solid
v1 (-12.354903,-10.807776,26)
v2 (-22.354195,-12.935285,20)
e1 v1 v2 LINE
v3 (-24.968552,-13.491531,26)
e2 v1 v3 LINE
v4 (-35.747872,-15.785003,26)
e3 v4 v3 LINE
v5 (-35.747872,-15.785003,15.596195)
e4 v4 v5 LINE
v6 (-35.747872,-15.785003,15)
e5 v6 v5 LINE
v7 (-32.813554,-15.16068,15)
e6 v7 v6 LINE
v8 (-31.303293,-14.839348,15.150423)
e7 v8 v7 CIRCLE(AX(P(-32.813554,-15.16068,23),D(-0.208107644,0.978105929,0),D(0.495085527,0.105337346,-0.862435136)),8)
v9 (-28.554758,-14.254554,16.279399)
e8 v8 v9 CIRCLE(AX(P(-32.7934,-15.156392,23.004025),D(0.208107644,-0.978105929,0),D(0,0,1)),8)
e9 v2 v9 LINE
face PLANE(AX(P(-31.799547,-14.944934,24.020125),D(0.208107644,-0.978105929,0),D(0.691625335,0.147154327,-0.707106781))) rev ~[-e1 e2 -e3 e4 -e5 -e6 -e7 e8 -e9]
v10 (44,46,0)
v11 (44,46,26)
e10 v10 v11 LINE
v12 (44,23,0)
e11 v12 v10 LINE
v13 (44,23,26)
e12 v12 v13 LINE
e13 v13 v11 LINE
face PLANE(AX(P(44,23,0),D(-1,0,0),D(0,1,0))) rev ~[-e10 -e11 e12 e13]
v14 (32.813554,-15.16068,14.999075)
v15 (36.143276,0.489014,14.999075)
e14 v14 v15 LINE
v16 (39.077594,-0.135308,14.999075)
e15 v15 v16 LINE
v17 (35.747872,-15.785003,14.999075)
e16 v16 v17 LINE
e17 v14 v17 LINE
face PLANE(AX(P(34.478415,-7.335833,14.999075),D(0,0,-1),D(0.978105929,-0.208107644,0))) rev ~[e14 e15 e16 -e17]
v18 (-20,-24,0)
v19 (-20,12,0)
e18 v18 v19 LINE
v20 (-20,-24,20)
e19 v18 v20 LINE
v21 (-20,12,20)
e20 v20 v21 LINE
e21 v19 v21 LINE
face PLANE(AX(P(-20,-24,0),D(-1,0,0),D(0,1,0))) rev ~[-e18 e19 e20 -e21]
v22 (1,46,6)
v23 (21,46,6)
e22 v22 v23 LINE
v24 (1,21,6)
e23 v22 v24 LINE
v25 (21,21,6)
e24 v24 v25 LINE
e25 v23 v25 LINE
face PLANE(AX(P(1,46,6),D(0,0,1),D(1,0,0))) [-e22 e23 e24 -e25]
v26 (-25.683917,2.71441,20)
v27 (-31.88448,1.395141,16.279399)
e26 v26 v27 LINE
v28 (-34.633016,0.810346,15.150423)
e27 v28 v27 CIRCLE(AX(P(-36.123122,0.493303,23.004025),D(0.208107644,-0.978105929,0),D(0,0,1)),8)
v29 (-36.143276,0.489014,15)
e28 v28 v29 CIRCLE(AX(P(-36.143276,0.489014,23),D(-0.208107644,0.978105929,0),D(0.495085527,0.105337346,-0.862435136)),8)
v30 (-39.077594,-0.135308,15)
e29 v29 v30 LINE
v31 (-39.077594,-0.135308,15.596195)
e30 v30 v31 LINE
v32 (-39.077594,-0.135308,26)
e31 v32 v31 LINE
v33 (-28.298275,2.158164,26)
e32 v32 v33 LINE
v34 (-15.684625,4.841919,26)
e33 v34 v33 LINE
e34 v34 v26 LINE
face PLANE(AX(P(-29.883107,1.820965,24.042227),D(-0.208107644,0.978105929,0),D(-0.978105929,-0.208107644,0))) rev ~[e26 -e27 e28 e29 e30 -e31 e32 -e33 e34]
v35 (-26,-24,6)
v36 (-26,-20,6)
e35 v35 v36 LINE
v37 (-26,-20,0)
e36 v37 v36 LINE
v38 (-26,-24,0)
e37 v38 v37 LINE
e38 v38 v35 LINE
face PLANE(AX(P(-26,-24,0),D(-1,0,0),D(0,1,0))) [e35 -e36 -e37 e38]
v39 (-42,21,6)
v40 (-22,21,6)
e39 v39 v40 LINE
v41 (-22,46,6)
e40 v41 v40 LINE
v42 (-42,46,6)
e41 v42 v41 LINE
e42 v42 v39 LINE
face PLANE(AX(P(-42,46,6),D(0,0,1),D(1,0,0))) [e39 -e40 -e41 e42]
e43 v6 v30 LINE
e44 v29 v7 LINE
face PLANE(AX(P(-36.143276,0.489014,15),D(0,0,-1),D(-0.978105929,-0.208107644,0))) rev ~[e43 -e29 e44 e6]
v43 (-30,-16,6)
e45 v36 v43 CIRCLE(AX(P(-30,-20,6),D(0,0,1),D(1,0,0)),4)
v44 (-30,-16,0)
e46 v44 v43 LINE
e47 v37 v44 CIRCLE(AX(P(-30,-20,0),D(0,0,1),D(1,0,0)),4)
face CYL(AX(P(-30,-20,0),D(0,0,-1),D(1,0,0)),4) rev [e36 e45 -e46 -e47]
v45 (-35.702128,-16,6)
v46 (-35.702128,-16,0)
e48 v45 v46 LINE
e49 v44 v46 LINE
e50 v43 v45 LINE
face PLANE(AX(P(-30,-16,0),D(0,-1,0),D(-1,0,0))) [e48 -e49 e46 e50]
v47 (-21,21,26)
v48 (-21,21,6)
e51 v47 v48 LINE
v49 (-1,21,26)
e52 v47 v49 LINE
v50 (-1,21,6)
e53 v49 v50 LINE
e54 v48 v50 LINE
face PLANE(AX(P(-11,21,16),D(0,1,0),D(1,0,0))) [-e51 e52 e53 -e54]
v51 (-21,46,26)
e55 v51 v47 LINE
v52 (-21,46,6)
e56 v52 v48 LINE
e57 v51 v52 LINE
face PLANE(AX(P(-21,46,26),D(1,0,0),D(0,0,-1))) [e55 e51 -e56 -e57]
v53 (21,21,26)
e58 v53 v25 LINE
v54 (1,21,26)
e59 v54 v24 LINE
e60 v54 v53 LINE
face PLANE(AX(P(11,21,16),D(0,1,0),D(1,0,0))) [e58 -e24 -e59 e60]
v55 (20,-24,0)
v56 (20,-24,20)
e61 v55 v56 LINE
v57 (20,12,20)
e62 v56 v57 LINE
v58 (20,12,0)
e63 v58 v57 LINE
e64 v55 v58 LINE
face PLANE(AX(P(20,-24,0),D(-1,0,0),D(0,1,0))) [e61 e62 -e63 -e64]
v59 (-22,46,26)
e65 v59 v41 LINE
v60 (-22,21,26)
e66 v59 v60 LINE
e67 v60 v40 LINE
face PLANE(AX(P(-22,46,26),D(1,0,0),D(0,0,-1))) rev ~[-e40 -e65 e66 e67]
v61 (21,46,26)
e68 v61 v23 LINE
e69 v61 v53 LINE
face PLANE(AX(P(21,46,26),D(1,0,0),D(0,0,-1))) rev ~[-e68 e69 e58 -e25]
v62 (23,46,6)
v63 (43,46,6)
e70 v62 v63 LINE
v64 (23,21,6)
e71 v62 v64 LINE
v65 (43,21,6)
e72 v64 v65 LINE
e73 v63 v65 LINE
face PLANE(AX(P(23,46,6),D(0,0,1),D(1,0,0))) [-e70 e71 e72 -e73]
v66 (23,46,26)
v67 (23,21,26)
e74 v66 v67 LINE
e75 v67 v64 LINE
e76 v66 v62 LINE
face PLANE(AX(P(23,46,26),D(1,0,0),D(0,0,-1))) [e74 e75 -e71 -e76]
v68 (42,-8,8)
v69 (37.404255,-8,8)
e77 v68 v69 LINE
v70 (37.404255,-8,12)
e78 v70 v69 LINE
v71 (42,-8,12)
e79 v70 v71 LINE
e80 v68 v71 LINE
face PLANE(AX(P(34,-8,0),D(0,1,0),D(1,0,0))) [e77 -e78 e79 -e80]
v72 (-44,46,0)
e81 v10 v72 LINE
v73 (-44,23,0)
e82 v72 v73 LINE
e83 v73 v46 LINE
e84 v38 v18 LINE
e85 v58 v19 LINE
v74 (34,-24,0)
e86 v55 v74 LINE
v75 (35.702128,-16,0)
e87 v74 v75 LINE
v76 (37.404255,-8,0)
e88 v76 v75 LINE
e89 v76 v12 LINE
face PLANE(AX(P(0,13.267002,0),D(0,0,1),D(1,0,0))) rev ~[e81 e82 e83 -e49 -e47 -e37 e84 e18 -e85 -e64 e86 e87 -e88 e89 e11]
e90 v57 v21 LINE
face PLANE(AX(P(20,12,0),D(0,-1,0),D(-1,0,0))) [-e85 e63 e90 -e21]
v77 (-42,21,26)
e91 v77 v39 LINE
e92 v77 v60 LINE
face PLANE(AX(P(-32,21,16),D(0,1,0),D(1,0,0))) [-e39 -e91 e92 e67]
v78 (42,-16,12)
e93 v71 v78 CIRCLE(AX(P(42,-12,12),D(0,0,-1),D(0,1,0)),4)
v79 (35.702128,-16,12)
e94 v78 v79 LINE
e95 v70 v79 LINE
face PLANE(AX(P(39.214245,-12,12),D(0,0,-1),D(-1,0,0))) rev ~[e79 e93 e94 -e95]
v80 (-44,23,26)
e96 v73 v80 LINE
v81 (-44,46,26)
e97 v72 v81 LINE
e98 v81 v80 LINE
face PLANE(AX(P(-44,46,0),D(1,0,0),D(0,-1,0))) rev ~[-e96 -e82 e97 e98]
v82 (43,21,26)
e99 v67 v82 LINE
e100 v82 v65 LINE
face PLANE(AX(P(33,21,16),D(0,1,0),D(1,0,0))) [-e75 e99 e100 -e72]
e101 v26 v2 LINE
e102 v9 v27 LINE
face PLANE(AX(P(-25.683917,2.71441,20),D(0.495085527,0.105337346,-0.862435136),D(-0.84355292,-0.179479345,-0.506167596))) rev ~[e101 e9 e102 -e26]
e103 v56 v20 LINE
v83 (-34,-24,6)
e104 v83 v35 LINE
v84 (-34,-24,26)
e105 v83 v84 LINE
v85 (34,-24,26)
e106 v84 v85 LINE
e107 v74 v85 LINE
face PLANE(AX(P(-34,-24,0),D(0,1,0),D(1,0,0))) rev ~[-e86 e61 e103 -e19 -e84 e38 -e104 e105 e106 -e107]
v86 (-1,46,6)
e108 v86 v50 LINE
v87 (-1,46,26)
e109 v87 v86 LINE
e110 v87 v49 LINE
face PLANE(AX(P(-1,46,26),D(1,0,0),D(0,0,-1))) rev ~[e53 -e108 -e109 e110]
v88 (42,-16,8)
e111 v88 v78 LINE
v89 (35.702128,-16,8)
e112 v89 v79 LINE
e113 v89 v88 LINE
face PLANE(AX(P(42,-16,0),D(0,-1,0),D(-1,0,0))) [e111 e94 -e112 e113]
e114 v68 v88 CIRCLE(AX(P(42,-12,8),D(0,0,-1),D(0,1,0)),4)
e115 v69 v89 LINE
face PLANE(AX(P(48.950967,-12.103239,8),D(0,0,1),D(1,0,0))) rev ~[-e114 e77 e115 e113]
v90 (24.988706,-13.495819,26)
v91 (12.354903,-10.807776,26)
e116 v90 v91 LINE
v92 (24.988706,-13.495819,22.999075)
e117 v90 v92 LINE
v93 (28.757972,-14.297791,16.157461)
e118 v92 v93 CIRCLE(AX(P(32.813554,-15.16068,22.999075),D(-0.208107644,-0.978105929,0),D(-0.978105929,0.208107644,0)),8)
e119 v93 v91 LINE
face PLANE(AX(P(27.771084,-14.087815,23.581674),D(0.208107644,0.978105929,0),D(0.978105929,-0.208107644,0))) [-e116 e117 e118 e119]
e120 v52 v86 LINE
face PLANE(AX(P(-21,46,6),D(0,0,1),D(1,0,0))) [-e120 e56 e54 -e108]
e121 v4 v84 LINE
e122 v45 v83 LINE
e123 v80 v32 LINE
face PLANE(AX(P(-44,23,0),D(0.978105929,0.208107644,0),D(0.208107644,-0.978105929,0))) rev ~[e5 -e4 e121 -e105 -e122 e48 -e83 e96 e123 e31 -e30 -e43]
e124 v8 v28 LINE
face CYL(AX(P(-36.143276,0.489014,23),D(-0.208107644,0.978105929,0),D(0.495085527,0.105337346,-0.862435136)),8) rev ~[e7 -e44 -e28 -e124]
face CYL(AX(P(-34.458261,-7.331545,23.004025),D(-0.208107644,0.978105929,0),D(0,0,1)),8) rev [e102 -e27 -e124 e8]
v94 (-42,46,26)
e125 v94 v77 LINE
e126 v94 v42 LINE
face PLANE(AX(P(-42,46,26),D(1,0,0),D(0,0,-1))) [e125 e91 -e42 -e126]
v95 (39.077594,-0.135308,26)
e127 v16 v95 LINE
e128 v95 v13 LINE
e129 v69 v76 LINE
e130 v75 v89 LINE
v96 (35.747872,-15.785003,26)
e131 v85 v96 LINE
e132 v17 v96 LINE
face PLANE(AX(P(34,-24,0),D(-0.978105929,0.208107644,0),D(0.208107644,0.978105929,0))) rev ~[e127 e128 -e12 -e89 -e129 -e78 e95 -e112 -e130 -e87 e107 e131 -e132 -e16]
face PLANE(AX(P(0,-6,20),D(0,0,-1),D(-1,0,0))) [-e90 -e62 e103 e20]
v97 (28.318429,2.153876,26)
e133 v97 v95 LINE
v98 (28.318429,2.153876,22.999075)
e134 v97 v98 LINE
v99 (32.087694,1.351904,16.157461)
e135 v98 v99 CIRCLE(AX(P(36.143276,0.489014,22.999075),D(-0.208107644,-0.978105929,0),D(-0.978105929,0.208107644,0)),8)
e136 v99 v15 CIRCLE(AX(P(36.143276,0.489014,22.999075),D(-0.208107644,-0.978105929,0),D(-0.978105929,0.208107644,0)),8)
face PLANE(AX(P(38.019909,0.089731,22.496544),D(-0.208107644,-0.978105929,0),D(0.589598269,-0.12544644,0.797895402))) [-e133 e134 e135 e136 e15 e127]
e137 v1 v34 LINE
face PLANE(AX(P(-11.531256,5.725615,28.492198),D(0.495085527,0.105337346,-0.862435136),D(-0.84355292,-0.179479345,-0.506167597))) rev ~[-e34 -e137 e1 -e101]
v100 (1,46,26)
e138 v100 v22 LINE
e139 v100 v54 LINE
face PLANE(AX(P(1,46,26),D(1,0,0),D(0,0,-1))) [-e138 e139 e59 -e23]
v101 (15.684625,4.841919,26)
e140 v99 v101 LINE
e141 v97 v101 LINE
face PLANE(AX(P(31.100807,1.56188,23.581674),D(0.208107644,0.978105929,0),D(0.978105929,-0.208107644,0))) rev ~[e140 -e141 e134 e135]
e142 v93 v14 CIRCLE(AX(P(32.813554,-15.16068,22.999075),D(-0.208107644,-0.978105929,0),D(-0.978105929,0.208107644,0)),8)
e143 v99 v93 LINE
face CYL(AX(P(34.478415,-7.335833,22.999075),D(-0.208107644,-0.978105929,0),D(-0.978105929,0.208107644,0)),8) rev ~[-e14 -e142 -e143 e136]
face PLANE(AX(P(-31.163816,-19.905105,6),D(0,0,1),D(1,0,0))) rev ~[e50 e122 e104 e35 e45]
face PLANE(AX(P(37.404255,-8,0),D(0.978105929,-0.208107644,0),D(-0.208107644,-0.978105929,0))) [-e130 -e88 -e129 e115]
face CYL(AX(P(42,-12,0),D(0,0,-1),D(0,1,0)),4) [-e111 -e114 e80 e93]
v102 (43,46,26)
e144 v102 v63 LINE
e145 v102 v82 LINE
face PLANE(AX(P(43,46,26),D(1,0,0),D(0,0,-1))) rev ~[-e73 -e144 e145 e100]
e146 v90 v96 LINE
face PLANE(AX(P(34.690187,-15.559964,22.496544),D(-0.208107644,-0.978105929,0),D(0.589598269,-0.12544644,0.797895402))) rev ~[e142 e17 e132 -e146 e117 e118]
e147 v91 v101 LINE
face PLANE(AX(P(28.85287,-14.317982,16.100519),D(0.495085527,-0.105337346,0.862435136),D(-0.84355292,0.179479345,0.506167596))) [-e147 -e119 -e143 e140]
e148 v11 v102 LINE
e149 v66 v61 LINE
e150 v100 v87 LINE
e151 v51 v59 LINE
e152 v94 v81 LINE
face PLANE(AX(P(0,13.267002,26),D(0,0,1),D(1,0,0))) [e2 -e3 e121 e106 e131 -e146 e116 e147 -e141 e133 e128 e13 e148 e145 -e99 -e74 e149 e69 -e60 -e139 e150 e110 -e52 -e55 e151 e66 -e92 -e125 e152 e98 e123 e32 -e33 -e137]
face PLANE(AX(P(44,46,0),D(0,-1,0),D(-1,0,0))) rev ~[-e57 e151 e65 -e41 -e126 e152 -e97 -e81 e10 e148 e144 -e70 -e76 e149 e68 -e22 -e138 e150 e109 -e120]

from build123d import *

# Parameters (mm, degrees)
EXTRUDE_1_DEPTH      = 26
SKETCH_3_W           = 40
SKETCH_3_H           = 36
CUT_EXTRUDE_4_DEPTH  = 20
SKETCH_4_W           = 20
SKETCH_4_H           = 20
CUT_EXTRUDE_5_DEPTH  = 25
CUT_EXTRUDE_3_DEPTH  = 8
CUT_EXTRUDE_6_DEPTH  = 8
CUT_EXTRUDE_7_DEPTH  = 16
CUT_EXTRUDE_8_DEPTH  = 16
CUT_EXTRUDE_9_DEPTH  = 6
EXTRUDE_2_DEPTH      = 12
CUT_EXTRUDE_10_DEPTH = 8


with BuildPart() as part:
    # 草图1 → 凸台-拉伸1 (new body)
    with BuildSketch(Plane.XY):
        Polygon((-34, -24), (34, -24), (44, 23), (44, 46), (-44, 46), (-44, 23), align=None)
    extrude(amount=EXTRUDE_1_DEPTH)

    # 草图3 → 切除-拉伸4 (cut)
    with BuildSketch(Plane(origin=(0, 0, 0), x_dir=(-1, 0, 0), z_dir=(0, 0, -1))):
        with Locations((0, -6)):
            Rectangle(SKETCH_3_W, SKETCH_3_H)
    extrude(amount=-CUT_EXTRUDE_4_DEPTH, mode=Mode.SUBTRACT)

    # 草图4 → 切除-拉伸5 (cut)
    with BuildSketch(Plane(origin=(0, 46, 0), x_dir=(1, 0, 0), z_dir=(0, 1, 0))):
        with Locations((33, -16)):
            Rectangle(SKETCH_4_W, SKETCH_4_H)
        with Locations((11, -16)):
            Rectangle(SKETCH_4_W, SKETCH_4_H)
        with Locations((-11, -16)):
            Rectangle(SKETCH_4_W, SKETCH_4_H)
        with Locations((-32, -16)):
            Rectangle(SKETCH_4_W, SKETCH_4_H)
    extrude(amount=-CUT_EXTRUDE_5_DEPTH, mode=Mode.SUBTRACT)

    # Sketch 3D_5 → 切除-拉伸3 (cut, symmetric)
    with BuildSketch(Plane(origin=(-26.633413551, -5.666683734, 23.004025099), x_dir=(-0.691625335103945, -0.14715432661786076, 0.7071067811865475), z_dir=(-0.2081076444648591, 0.9781059289848354, 0))):
        with BuildLine():
            Line((0, 0), (5.656854249, 5.656854249))
            Line((5.656854249, 5.656854249), (11.313708499, 0))
            ThreePointArc((11.313708499, 0), (5.656854249, -13.656854249), (0, 0))
        make_face()
    extrude(amount=CUT_EXTRUDE_3_DEPTH, both=True, mode=Mode.SUBTRACT)

    # Sketch 3D_6 → 切除-拉伸6 (cut, symmetric)
    with BuildSketch(Plane(origin=(34.478414998, -7.335832978, 14.99907516), x_dir=(0.5895982688198705, -0.12544644017993214, 0.7978954016979886), z_dir=(-0.20810764446495697, -0.9781059289848145, -6.6559639472978385e-12))):
        with BuildLine():
            Line((0, 0), (6.376045072, -8.439700449))
            Line((6.376045072, -8.439700449), (17.547318622, 0))
            Line((17.547318622, 0), (11.17127355, 8.439700449))
            Line((11.17127355, 8.439700449), (6.348906145, 14.822863662))
            Line((6.348906145, 14.822863662), (1.560795809, 11.205530619))
            ThreePointArc((1.560795809, 11.205530619), (-1.540343474, 5.926016705), (0, 0))
        make_face()
    extrude(amount=CUT_EXTRUDE_6_DEPTH, both=True, mode=Mode.SUBTRACT)

    # 草图7 → 切除-拉伸7 (cut)
    with BuildSketch(Plane(origin=(-1.664861156, 7.824847432, 0), x_dir=(0.9781059289848355, 0.2081076444648587, 0), z_dir=(0.2081076444648587, -0.9781059289848355, 0))):
        with BuildLine():
            Line((-24.556702047, 20), (-31.200844281, 16.10051891))
            ThreePointArc((-31.200844281, 16.10051891), (-33.152072653, 15.280030806), (-35.250185053, 15))
            Line((-35.250185053, 15), (-43.250185053, 15))
            Line((-43.250185053, 15), (-43.250185053, 23))
            ThreePointArc((-43.250185053, 23), (-40.3181561, 29.189965223), (-33.671267687, 30.842641134))
            Line((-33.671267687, 30.842641134), (-10.087245225, 28.492198282))
            Line((-10.087245225, 28.492198282), (-24.556702047, 20))
        make_face()
    extrude(amount=CUT_EXTRUDE_7_DEPTH, mode=Mode.SUBTRACT)

    # 草图11 → 切除-拉伸8 (cut)
    with BuildSketch(Plane(origin=(-1.664861156, -7.824847432, 0), x_dir=(0.9781059289845859, -0.2081076444660318, -1.1269708570671002e-12), z_dir=(0.20810764446603178, 0.9781059289845858, 5.296763028184159e-12))):
        with BuildLine():
            Line((31.200844283, -16.100518909), (14.333584528, -26))
            Line((14.333584528, -26), (32.666556858, -30.571318601))
            ThreePointArc((32.666556858, -30.571318601), (42.196349228, -26.968728166), (40.460809076, -16.92962956))
            Line((40.460809076, -16.92962956), (38.250185053, -14.99907516))
            Line((38.250185053, -14.99907516), (35.250185053, -15))
            ThreePointArc((35.250185053, -15), (33.152072655, -15.280030806), (31.200844283, -16.100518909))
        make_face()
    extrude(amount=CUT_EXTRUDE_8_DEPTH, mode=Mode.SUBTRACT)

    # 草图12 → 切除-拉伸9 (cut)
    with BuildSketch(Plane(origin=(0, 0, 0), x_dir=(-1, 0, 0), z_dir=(0, 0, -1))):
        with BuildLine():
            Line((34, -16), (36.935033059, -16))
            Line((36.935033059, -16), (34, -24))
            Line((34, -24), (26, -24))
            Line((26, -24), (26, -20))
            ThreePointArc((26, -20), (27.171572875, -17.171572875), (30, -16))
            Line((30, -16), (34, -16))
        make_face()
    extrude(amount=-CUT_EXTRUDE_9_DEPTH, mode=Mode.SUBTRACT)

    # 草图13 → 凸台-拉伸2 (add)
    with BuildSketch(Plane(origin=(0, 0, 0), x_dir=(-1, 0, 0), z_dir=(0, 0, -1))):
        with BuildLine():
            Line((-34, -8), (-42, -8))
            ThreePointArc((-42, -8), (-46, -12), (-42, -16))
            Line((-42, -16), (-34, -16))
            Line((-34, -16), (-34, -8))
        make_face()
    extrude(amount=-EXTRUDE_2_DEPTH)

    # 草图14 → 切除-拉伸10 (cut)
    with BuildSketch(Plane(origin=(0, 0, 0), x_dir=(-1, 0, 0), z_dir=(0, 0, -1))):
        Polygon((-37.404255319, -8), (-35.70212766, -16), (-61.438279543, -16), (-61.438279543, -8), align=None)
    extrude(amount=-CUT_EXTRUDE_10_DEPTH, mode=Mode.SUBTRACT)


solid = part.part
